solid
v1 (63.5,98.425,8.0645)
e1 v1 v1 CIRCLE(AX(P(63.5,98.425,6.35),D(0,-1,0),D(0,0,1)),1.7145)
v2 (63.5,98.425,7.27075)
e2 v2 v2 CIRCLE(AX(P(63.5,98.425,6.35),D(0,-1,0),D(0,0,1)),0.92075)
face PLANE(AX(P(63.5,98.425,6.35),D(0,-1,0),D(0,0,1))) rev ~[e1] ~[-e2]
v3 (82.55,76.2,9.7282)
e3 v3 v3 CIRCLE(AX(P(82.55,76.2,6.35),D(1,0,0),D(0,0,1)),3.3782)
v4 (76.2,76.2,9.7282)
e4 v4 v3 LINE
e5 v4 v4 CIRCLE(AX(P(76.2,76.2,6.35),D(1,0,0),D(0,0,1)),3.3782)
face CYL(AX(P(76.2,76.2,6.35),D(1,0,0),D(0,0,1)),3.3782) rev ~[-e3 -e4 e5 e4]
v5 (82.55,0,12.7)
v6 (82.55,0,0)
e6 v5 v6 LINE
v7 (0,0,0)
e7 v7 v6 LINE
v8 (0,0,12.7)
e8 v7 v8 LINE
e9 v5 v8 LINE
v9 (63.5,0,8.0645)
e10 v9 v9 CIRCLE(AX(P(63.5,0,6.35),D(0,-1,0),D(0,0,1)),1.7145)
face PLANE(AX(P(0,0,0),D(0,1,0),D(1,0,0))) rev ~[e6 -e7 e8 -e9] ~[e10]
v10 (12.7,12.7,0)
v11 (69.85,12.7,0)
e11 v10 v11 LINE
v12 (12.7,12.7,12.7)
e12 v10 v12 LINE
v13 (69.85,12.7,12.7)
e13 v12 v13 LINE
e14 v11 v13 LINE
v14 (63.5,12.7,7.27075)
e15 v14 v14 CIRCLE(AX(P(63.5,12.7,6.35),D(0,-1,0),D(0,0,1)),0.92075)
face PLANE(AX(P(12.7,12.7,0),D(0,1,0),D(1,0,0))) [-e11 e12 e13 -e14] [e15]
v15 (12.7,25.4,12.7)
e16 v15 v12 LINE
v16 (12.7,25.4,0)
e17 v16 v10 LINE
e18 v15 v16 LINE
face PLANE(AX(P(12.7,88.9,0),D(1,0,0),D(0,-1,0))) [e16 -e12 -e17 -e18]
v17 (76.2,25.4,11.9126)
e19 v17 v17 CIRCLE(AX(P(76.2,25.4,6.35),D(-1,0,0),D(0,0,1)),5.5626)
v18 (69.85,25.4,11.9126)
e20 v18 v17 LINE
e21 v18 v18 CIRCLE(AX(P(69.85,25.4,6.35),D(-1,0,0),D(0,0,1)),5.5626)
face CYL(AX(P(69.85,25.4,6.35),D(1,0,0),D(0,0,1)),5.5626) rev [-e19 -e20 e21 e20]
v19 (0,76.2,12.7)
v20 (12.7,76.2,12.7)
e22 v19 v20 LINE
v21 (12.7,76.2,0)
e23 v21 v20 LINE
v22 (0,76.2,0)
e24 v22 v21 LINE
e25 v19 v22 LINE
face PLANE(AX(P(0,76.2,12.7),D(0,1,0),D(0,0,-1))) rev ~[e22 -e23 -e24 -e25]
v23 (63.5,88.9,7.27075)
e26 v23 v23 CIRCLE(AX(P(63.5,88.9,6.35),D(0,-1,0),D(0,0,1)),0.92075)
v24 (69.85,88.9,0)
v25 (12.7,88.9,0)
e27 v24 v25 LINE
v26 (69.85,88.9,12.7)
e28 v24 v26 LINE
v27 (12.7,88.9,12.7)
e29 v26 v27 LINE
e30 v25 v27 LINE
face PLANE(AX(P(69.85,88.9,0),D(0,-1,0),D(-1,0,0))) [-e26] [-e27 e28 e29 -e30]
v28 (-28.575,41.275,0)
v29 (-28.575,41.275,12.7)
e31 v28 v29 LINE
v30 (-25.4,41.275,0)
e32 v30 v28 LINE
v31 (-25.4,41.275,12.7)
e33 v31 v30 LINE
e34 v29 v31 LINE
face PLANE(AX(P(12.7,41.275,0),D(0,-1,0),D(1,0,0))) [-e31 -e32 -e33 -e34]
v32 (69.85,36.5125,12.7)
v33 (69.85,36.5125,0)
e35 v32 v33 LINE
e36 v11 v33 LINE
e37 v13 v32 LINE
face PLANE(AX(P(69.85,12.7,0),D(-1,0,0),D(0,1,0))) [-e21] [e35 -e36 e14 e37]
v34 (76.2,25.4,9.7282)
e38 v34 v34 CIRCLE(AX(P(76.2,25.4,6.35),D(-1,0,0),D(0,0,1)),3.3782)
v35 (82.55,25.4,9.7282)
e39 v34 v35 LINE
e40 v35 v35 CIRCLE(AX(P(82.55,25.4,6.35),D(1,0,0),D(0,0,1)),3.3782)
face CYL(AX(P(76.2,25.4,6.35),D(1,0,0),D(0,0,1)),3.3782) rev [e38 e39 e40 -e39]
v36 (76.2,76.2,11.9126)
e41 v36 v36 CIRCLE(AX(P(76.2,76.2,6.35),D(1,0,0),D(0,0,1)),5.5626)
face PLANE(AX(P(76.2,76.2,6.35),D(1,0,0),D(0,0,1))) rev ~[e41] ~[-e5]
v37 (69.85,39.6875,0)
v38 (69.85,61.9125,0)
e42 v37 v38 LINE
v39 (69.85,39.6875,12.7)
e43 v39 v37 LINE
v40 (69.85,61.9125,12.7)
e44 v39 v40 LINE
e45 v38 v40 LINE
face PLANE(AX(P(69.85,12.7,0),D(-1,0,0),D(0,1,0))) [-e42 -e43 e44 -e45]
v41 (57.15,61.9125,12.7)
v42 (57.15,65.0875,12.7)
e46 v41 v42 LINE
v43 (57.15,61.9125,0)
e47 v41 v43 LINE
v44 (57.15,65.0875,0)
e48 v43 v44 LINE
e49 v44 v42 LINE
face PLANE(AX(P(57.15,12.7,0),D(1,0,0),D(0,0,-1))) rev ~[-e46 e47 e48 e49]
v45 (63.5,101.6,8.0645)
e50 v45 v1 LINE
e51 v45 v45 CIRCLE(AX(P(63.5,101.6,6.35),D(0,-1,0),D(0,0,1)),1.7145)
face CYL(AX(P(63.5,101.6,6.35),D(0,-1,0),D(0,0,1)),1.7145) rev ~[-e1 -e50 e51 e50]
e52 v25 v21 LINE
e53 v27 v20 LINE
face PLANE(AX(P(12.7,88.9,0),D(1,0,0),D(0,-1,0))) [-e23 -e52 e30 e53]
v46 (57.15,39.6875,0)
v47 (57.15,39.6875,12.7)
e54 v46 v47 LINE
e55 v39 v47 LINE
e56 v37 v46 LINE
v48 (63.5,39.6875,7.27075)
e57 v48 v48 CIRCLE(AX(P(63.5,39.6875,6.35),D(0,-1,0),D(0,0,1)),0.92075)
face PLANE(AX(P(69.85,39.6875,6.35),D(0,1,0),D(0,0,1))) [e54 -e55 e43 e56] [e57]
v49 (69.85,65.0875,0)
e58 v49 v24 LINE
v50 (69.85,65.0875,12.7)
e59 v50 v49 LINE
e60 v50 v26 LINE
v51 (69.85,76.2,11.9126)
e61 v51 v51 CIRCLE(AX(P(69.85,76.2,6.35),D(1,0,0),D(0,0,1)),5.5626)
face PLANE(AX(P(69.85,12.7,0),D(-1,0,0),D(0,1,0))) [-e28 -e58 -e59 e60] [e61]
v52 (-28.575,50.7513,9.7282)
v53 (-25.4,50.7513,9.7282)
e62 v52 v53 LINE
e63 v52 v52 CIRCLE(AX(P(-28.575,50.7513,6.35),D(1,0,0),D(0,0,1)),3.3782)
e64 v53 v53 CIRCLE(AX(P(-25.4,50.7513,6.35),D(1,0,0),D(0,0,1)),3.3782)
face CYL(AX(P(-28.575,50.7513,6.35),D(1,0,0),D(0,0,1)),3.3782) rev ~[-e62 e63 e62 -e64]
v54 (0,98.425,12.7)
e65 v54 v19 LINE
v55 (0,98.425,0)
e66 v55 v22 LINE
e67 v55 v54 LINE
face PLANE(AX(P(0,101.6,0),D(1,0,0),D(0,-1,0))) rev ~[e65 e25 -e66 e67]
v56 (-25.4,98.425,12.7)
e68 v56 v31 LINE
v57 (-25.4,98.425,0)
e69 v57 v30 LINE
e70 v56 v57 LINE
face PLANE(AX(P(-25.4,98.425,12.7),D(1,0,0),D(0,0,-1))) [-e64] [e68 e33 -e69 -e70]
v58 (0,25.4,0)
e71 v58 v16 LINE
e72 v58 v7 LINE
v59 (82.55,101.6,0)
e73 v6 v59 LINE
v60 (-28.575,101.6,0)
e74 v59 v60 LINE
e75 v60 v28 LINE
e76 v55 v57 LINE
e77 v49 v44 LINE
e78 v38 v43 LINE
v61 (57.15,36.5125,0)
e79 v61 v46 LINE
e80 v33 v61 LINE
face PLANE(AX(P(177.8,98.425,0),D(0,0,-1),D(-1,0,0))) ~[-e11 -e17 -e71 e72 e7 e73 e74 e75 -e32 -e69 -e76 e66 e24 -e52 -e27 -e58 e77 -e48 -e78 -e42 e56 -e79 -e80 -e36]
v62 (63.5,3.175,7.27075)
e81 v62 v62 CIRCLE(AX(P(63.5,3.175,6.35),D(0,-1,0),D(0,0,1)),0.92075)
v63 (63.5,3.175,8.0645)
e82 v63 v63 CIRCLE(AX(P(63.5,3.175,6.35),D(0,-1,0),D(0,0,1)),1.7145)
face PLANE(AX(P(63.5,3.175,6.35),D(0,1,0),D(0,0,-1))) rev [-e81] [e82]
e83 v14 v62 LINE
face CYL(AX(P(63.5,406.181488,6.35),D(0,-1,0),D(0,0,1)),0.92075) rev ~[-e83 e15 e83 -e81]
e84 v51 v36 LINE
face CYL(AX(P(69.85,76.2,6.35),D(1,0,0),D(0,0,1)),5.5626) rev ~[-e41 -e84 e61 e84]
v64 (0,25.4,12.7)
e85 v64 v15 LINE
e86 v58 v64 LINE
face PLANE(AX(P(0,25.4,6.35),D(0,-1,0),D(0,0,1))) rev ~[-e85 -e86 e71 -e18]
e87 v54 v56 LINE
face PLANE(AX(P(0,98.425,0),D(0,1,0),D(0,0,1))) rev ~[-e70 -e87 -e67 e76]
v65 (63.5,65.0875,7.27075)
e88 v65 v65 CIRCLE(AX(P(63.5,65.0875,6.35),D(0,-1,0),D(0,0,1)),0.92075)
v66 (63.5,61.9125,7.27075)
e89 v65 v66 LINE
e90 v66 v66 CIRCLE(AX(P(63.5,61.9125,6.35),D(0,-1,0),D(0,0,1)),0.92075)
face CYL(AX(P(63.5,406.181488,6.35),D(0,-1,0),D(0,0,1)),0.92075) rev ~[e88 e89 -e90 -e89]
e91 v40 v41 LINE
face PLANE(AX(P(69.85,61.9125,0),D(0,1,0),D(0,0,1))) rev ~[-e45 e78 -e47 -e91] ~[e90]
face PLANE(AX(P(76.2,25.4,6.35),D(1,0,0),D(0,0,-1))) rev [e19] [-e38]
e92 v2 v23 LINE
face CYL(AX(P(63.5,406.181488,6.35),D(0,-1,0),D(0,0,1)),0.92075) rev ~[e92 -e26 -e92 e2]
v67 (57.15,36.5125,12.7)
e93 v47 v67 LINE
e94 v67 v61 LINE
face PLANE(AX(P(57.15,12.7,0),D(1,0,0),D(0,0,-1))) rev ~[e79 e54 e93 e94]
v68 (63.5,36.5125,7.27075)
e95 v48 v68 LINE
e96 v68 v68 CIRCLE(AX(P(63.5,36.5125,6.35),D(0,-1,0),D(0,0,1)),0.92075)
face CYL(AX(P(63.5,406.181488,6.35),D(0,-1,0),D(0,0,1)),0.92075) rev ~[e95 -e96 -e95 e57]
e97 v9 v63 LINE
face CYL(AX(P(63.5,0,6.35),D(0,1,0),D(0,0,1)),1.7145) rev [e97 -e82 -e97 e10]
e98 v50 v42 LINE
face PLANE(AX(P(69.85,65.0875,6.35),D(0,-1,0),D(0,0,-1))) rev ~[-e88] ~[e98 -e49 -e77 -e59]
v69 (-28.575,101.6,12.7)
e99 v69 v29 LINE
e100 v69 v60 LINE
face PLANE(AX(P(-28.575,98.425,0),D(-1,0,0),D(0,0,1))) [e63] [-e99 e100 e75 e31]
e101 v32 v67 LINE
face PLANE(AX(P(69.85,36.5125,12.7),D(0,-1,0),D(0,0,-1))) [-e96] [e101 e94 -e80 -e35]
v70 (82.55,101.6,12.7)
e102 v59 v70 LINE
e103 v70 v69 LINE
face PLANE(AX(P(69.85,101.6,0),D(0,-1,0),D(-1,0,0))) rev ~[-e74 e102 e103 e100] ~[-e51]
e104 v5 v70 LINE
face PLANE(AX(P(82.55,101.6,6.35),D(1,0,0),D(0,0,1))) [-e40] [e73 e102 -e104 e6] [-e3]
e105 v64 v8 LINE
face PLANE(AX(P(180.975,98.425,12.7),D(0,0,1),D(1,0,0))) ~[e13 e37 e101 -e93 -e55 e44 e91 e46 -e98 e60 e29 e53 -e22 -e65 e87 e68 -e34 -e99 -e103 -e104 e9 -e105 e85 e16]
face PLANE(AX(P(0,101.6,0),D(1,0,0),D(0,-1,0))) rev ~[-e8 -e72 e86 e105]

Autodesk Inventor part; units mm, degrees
ref_plane "YZ Plane" through (0, 0, 0) normal (1, 0, 0) x (0, 1, 0)
ref_plane "XZ Plane" through (0, 0, 0) normal (0, 1, 0) x (-1, 0, 0)
ref_plane "XY Plane" through (0, 0, 0) normal (0, 0, 1) x (1, 0, 0)
sketch "Sketch1" plane through (0, 0, 0) normal (0, 0, 1) x (1, 0, 0)
  line L0 (0, 0) -> (152.4, 0)
  line L1 (152.4, 0) -> (152.4, 101.6)
  line L2 (152.4, 101.6) -> (0, 101.6)
  line L3 (0, 101.6) -> (0, 0)
  line L4 (0, 0) -> (12.7, 0)
  line L5 (12.7, 0) -> (12.7, 12.7)
  line L6 (12.7, 12.7) -> (139.7, 12.7)
  line L7 (139.7, 12.7) -> (139.7, 88.9)
  line L8 (139.7, 88.9) -> (12.7, 88.9)
  line L9 (12.7, 88.9) -> (12.7, 12.7)
  line L10 (69.85, 101.6) -> (82.55, 101.6)
  line L11 (82.55, 101.6) -> (82.55, 0)
  line L12 (82.55, 0) -> (69.85, 0)
  line L13 (69.85, 0) -> (69.85, 101.6)
  line L14 (69.85, 101.6) -> (82.55, 0) construction
  line L15 (82.55, 101.6) -> (69.85, 0) construction
  point P0 (76.2, 50.8)
  point P1 (82.55, 88.9)
  point P2 (82.55, 12.7)
  point P3 (69.85, 12.7)
  point P4 (69.85, 88.9)
  dimension "d0" = 152.4
  dimension "d1" = 101.6
  dimension "d2" = 12.7
  dimension "d3" = 12.7
  dimension "d4" = 127
  dimension "d5" = 76.2
  dimension "d6" = 12.7
extrude "Extrusion1" add sketch "Sketch1" along normal blind 12.7 contours L3 L2 L13 L8 L9 L5 L0 | L5 L6 L13 L0 | L13 L6 L11 L0 | L2 L11 L8 L13 | L11 L6 L7 L8 L2 L1 L0 | L13 L8 L11 L6
sketch "Sketch2" plane through (0, 101.6, 0) normal (0, 1, 0) x (1, 0, 0)
  line L0 (69.85, 0) -> (69.85, -12.7) projected
  line L1 (82.55, 0) -> (82.55, -12.7) projected
  line L2 (139.7, 0) -> (139.7, -12.7) projected
  line L3 (12.7, 0) -> (12.7, -12.7) projected
  line L4 (12.7, 0) -> (12.7, -12.7) projected
  line L5 (12.7, -6.35) -> (63.5, -6.35)
  line L6 (69.85, -6.35) -> (76.2, -6.35)
  point P0 (0, 0)
  dimension "d9" = 50.8
  dimension "d17" = 6.35
sketch "Sketch4" plane through (69.85, 12.7, 0) normal (1, 0, 0) x (0, 0, -1)
  line L0 (0, 76.2) -> (-12.7, 76.2) projected
  line L1 (-6.35, 76.2) -> (-6.35, 50.8)
  line L2 (-6.35, 76.2) -> (19.05, 76.2) construction
  line L3 (-6.35, 50.8) -> (-6.35, 25.4)
  line L4 (0, 0) -> (0, 76.2) projected
  line L5 (-12.7, 52.3875) -> (0, 52.3875)
  line L6 (0, 52.3875) -> (0, 49.2125)
  line L7 (0, 49.2125) -> (-12.7, 49.2125)
  line L8 (-12.7, 49.2125) -> (-12.7, 52.3875)
  line L9 (-12.7, 52.3875) -> (0, 49.2125) construction
  line L10 (0, 52.3875) -> (-12.7, 49.2125) construction
  line L11 (-12.7, 23.8125) -> (0, 23.8125)
  line L12 (0, 23.8125) -> (0, 26.9875)
  line L13 (0, 26.9875) -> (-12.7, 26.9875)
  line L14 (-12.7, 26.9875) -> (-12.7, 23.8125)
  line L15 (-12.7, 23.8125) -> (0, 26.9875) construction
  line L16 (0, 23.8125) -> (-12.7, 26.9875) construction
  point P0 (0, -12.7)
  dimension "d25" = 25.4
  dimension "d26" = 90
  dimension "d27" = 25.4
  dimension "d28" = 180
  dimension "d29" = 3.175
  dimension "d30" = 3.175
extrude "Extrusion2" add sketch "Sketch4" against normal blind 12.7 contours L4 L7 L3 L1 L5 | L1 L3 L7 L8 L5 | L4 L11 L14 L13
hole "Hole1" at (63.5, 101.6, 6.35) direction (0, -1, 0) diameter 1.8415 end through all both
hole "Hole2" at (63.5, 101.6, 6.35) direction (0, -1, 0) diameter 3.429 depth 3.175
ref_plane "Work Plane1" through (76.2, 101.6, 6.35) normal (1, 0, 0) x (0, 0, -1)
ref_plane "Work Plane2" through (76.2, 50.8, 0) normal (0, 1, 0) x (1, 0, 0)
mirror "Mirror1" about plane through (76.2, 101.6, 6.35) normal (1, 0, 0) of "Hole1", "Hole2", "Extrusion2"
mirror "Mirror2" about plane through (76.2, 50.8, 0) normal (0, 1, 0) of "Hole1", "Hole2", "Mirror1"
sketch "Sketch5" plane through (0, 0, 0) normal (-1, 0, 0) x (0, 0, 1)
  line L0 (12.7, 61.9125) -> (12.7, 39.6875) projected
  line L1 (12.7, 50.8) -> (12.7, 76.2)
  line L2 (12.7, 76.2) -> (0, 76.2)
  line L3 (0, 76.2) -> (0, 25.4)
  line L4 (0, 25.4) -> (12.7, 25.4)
  line L5 (12.7, 25.4) -> (12.7, 76.2)
  line L6 (4.6355, 101.6) -> (8.0645, 101.6) projected
  line L7 (6.35, 101.6) -> (6.35, 76.2)
  line L8 (6.35, 76.2) -> (6.35, 25.4)
  line L9 (0, 12.7) -> (12.7, 12.7) projected
  line L10 (0, 88.9) -> (0, 12.7) projected
  line L11 (12.7, 76.2) -> (0, 76.2)
  line L12 (0, 76.2) -> (0, 79.375)
  line L13 (0, 79.375) -> (12.7, 79.375)
  line L14 (12.7, 79.375) -> (12.7, 76.2)
  line L15 (0, 101.6) -> (12.7, 101.6) projected
  line L16 (0, 101.6) -> (0, 0) projected
  line L17 (12.7, 101.6) -> (0, 101.6)
  line L18 (0, 101.6) -> (0, 98.425)
  line L19 (0, 98.425) -> (12.7, 98.425)
  line L20 (12.7, 98.425) -> (12.7, 101.6)
  dimension "d33" = 25.4
  dimension "d34" = 50.8
  dimension "d35" = 25.4
  dimension "d36" = 50.8
  dimension "d37" = 180
  dimension "d45" = 3.175
  dimension "d62" = 3.175
hole "Hole3" [suppressed]
extrude "Extrusion3" cut sketch "Sketch5" against normal blind 12.7 contours L0 L5 L4 L8 L2 L1 | L8 L4 L3 L2
extrude "Extrusion4" add sketch "Sketch5" along normal blind 28.575 contours L19 L16 L15 L6 L7 | L7 L6 L15 L20 L19
sketch "Sketch6" plane through (12.7, 98.425, 0) normal (0, -1, 0) x (1, 0, 0)
  line L0 (-12.7, 12.7) -> (0, 12.7) projected
  line L1 (0, 0) -> (-12.7, 0) projected
  line L2 (-41.275, 12.7) -> (-38.1, 12.7)
  line L3 (-38.1, 12.7) -> (-38.1, 0)
  line L4 (-38.1, 0) -> (-41.275, 0)
  line L5 (-41.275, 0) -> (-41.275, 12.7)
  dimension "d50" = 3.175
extrude "Extrusion5" add sketch "Sketch6" along normal blind 57.15
sketch "Sketch7" plane through (-28.575, 0, 0) normal (-1, 0, 0) x (0, 0, 1)
  line L0 (12.7, 88.9) -> (12.7, 12.7) projected
  line L1 (12.7, 38.0513) -> (6.35, 38.0513)
  line L2 (5.4292, 36.5125) -> (5.4292, 39.6875) projected
  line L3 (6.35, 38.0513) -> (6.35, 50.7513)
  point P0 (0, 0)
  dimension "d53" = 6.35
  dimension "d54" = 12.7
hole "Hole4" at (-28.575, 50.7513, 6.35) direction (1, 0, 0) diameter 6.7564 depth 25.4 clearance for "Flat Head Machine Screw (82)" size "1/4" standard "Ansi Unified Screw Threads"
mirror "Mirror3" about plane through (76.2, 101.6, 6.35) normal (1, 0, 0) of "Extrusion3", "Extrusion4", "Extrusion5", "Hole4"
sketch "Sketch8" plane through (69.85, 88.9, 0) normal (-1, 0, 0) x (0, 0, 1)
  line L0 (12.7, 0) -> (12.7, -23.8125) projected
  line L1 (12.7, 0) -> (6.35, 0)
  line L2 (12.7, 0) -> (19.05, 0) construction
  line L3 (6.35, 0) -> (6.35, -12.7)
  point P0 (0, -88.9)
  dimension "d63" = 6.35
  dimension "d64" = 180
  dimension "d65" = 12.7
hole "Hole5" at (69.85, 76.2, 6.35) direction (1, 0, 0) diameter 6.7564 depth 25.4 counterbore diameter 11.1252 counterbore depth 6.35 clearance for "Socket Head Cap Screw" size "1/4" standard "Ansi Unified Screw Threads"
ref_plane "Work Plane3" through (82.55, 101.6, 6.35) normal (1, 0, 0) x (0, 0, -1)
split "Split1" plane through (82.55, 101.6, 6.35) removes the side toward (1, 0, 0)
mirror "Mirror4" about plane through (76.2, 50.8, 0) normal (0, 1, 0) of "Hole5"
properties part number "SampleHolder"
